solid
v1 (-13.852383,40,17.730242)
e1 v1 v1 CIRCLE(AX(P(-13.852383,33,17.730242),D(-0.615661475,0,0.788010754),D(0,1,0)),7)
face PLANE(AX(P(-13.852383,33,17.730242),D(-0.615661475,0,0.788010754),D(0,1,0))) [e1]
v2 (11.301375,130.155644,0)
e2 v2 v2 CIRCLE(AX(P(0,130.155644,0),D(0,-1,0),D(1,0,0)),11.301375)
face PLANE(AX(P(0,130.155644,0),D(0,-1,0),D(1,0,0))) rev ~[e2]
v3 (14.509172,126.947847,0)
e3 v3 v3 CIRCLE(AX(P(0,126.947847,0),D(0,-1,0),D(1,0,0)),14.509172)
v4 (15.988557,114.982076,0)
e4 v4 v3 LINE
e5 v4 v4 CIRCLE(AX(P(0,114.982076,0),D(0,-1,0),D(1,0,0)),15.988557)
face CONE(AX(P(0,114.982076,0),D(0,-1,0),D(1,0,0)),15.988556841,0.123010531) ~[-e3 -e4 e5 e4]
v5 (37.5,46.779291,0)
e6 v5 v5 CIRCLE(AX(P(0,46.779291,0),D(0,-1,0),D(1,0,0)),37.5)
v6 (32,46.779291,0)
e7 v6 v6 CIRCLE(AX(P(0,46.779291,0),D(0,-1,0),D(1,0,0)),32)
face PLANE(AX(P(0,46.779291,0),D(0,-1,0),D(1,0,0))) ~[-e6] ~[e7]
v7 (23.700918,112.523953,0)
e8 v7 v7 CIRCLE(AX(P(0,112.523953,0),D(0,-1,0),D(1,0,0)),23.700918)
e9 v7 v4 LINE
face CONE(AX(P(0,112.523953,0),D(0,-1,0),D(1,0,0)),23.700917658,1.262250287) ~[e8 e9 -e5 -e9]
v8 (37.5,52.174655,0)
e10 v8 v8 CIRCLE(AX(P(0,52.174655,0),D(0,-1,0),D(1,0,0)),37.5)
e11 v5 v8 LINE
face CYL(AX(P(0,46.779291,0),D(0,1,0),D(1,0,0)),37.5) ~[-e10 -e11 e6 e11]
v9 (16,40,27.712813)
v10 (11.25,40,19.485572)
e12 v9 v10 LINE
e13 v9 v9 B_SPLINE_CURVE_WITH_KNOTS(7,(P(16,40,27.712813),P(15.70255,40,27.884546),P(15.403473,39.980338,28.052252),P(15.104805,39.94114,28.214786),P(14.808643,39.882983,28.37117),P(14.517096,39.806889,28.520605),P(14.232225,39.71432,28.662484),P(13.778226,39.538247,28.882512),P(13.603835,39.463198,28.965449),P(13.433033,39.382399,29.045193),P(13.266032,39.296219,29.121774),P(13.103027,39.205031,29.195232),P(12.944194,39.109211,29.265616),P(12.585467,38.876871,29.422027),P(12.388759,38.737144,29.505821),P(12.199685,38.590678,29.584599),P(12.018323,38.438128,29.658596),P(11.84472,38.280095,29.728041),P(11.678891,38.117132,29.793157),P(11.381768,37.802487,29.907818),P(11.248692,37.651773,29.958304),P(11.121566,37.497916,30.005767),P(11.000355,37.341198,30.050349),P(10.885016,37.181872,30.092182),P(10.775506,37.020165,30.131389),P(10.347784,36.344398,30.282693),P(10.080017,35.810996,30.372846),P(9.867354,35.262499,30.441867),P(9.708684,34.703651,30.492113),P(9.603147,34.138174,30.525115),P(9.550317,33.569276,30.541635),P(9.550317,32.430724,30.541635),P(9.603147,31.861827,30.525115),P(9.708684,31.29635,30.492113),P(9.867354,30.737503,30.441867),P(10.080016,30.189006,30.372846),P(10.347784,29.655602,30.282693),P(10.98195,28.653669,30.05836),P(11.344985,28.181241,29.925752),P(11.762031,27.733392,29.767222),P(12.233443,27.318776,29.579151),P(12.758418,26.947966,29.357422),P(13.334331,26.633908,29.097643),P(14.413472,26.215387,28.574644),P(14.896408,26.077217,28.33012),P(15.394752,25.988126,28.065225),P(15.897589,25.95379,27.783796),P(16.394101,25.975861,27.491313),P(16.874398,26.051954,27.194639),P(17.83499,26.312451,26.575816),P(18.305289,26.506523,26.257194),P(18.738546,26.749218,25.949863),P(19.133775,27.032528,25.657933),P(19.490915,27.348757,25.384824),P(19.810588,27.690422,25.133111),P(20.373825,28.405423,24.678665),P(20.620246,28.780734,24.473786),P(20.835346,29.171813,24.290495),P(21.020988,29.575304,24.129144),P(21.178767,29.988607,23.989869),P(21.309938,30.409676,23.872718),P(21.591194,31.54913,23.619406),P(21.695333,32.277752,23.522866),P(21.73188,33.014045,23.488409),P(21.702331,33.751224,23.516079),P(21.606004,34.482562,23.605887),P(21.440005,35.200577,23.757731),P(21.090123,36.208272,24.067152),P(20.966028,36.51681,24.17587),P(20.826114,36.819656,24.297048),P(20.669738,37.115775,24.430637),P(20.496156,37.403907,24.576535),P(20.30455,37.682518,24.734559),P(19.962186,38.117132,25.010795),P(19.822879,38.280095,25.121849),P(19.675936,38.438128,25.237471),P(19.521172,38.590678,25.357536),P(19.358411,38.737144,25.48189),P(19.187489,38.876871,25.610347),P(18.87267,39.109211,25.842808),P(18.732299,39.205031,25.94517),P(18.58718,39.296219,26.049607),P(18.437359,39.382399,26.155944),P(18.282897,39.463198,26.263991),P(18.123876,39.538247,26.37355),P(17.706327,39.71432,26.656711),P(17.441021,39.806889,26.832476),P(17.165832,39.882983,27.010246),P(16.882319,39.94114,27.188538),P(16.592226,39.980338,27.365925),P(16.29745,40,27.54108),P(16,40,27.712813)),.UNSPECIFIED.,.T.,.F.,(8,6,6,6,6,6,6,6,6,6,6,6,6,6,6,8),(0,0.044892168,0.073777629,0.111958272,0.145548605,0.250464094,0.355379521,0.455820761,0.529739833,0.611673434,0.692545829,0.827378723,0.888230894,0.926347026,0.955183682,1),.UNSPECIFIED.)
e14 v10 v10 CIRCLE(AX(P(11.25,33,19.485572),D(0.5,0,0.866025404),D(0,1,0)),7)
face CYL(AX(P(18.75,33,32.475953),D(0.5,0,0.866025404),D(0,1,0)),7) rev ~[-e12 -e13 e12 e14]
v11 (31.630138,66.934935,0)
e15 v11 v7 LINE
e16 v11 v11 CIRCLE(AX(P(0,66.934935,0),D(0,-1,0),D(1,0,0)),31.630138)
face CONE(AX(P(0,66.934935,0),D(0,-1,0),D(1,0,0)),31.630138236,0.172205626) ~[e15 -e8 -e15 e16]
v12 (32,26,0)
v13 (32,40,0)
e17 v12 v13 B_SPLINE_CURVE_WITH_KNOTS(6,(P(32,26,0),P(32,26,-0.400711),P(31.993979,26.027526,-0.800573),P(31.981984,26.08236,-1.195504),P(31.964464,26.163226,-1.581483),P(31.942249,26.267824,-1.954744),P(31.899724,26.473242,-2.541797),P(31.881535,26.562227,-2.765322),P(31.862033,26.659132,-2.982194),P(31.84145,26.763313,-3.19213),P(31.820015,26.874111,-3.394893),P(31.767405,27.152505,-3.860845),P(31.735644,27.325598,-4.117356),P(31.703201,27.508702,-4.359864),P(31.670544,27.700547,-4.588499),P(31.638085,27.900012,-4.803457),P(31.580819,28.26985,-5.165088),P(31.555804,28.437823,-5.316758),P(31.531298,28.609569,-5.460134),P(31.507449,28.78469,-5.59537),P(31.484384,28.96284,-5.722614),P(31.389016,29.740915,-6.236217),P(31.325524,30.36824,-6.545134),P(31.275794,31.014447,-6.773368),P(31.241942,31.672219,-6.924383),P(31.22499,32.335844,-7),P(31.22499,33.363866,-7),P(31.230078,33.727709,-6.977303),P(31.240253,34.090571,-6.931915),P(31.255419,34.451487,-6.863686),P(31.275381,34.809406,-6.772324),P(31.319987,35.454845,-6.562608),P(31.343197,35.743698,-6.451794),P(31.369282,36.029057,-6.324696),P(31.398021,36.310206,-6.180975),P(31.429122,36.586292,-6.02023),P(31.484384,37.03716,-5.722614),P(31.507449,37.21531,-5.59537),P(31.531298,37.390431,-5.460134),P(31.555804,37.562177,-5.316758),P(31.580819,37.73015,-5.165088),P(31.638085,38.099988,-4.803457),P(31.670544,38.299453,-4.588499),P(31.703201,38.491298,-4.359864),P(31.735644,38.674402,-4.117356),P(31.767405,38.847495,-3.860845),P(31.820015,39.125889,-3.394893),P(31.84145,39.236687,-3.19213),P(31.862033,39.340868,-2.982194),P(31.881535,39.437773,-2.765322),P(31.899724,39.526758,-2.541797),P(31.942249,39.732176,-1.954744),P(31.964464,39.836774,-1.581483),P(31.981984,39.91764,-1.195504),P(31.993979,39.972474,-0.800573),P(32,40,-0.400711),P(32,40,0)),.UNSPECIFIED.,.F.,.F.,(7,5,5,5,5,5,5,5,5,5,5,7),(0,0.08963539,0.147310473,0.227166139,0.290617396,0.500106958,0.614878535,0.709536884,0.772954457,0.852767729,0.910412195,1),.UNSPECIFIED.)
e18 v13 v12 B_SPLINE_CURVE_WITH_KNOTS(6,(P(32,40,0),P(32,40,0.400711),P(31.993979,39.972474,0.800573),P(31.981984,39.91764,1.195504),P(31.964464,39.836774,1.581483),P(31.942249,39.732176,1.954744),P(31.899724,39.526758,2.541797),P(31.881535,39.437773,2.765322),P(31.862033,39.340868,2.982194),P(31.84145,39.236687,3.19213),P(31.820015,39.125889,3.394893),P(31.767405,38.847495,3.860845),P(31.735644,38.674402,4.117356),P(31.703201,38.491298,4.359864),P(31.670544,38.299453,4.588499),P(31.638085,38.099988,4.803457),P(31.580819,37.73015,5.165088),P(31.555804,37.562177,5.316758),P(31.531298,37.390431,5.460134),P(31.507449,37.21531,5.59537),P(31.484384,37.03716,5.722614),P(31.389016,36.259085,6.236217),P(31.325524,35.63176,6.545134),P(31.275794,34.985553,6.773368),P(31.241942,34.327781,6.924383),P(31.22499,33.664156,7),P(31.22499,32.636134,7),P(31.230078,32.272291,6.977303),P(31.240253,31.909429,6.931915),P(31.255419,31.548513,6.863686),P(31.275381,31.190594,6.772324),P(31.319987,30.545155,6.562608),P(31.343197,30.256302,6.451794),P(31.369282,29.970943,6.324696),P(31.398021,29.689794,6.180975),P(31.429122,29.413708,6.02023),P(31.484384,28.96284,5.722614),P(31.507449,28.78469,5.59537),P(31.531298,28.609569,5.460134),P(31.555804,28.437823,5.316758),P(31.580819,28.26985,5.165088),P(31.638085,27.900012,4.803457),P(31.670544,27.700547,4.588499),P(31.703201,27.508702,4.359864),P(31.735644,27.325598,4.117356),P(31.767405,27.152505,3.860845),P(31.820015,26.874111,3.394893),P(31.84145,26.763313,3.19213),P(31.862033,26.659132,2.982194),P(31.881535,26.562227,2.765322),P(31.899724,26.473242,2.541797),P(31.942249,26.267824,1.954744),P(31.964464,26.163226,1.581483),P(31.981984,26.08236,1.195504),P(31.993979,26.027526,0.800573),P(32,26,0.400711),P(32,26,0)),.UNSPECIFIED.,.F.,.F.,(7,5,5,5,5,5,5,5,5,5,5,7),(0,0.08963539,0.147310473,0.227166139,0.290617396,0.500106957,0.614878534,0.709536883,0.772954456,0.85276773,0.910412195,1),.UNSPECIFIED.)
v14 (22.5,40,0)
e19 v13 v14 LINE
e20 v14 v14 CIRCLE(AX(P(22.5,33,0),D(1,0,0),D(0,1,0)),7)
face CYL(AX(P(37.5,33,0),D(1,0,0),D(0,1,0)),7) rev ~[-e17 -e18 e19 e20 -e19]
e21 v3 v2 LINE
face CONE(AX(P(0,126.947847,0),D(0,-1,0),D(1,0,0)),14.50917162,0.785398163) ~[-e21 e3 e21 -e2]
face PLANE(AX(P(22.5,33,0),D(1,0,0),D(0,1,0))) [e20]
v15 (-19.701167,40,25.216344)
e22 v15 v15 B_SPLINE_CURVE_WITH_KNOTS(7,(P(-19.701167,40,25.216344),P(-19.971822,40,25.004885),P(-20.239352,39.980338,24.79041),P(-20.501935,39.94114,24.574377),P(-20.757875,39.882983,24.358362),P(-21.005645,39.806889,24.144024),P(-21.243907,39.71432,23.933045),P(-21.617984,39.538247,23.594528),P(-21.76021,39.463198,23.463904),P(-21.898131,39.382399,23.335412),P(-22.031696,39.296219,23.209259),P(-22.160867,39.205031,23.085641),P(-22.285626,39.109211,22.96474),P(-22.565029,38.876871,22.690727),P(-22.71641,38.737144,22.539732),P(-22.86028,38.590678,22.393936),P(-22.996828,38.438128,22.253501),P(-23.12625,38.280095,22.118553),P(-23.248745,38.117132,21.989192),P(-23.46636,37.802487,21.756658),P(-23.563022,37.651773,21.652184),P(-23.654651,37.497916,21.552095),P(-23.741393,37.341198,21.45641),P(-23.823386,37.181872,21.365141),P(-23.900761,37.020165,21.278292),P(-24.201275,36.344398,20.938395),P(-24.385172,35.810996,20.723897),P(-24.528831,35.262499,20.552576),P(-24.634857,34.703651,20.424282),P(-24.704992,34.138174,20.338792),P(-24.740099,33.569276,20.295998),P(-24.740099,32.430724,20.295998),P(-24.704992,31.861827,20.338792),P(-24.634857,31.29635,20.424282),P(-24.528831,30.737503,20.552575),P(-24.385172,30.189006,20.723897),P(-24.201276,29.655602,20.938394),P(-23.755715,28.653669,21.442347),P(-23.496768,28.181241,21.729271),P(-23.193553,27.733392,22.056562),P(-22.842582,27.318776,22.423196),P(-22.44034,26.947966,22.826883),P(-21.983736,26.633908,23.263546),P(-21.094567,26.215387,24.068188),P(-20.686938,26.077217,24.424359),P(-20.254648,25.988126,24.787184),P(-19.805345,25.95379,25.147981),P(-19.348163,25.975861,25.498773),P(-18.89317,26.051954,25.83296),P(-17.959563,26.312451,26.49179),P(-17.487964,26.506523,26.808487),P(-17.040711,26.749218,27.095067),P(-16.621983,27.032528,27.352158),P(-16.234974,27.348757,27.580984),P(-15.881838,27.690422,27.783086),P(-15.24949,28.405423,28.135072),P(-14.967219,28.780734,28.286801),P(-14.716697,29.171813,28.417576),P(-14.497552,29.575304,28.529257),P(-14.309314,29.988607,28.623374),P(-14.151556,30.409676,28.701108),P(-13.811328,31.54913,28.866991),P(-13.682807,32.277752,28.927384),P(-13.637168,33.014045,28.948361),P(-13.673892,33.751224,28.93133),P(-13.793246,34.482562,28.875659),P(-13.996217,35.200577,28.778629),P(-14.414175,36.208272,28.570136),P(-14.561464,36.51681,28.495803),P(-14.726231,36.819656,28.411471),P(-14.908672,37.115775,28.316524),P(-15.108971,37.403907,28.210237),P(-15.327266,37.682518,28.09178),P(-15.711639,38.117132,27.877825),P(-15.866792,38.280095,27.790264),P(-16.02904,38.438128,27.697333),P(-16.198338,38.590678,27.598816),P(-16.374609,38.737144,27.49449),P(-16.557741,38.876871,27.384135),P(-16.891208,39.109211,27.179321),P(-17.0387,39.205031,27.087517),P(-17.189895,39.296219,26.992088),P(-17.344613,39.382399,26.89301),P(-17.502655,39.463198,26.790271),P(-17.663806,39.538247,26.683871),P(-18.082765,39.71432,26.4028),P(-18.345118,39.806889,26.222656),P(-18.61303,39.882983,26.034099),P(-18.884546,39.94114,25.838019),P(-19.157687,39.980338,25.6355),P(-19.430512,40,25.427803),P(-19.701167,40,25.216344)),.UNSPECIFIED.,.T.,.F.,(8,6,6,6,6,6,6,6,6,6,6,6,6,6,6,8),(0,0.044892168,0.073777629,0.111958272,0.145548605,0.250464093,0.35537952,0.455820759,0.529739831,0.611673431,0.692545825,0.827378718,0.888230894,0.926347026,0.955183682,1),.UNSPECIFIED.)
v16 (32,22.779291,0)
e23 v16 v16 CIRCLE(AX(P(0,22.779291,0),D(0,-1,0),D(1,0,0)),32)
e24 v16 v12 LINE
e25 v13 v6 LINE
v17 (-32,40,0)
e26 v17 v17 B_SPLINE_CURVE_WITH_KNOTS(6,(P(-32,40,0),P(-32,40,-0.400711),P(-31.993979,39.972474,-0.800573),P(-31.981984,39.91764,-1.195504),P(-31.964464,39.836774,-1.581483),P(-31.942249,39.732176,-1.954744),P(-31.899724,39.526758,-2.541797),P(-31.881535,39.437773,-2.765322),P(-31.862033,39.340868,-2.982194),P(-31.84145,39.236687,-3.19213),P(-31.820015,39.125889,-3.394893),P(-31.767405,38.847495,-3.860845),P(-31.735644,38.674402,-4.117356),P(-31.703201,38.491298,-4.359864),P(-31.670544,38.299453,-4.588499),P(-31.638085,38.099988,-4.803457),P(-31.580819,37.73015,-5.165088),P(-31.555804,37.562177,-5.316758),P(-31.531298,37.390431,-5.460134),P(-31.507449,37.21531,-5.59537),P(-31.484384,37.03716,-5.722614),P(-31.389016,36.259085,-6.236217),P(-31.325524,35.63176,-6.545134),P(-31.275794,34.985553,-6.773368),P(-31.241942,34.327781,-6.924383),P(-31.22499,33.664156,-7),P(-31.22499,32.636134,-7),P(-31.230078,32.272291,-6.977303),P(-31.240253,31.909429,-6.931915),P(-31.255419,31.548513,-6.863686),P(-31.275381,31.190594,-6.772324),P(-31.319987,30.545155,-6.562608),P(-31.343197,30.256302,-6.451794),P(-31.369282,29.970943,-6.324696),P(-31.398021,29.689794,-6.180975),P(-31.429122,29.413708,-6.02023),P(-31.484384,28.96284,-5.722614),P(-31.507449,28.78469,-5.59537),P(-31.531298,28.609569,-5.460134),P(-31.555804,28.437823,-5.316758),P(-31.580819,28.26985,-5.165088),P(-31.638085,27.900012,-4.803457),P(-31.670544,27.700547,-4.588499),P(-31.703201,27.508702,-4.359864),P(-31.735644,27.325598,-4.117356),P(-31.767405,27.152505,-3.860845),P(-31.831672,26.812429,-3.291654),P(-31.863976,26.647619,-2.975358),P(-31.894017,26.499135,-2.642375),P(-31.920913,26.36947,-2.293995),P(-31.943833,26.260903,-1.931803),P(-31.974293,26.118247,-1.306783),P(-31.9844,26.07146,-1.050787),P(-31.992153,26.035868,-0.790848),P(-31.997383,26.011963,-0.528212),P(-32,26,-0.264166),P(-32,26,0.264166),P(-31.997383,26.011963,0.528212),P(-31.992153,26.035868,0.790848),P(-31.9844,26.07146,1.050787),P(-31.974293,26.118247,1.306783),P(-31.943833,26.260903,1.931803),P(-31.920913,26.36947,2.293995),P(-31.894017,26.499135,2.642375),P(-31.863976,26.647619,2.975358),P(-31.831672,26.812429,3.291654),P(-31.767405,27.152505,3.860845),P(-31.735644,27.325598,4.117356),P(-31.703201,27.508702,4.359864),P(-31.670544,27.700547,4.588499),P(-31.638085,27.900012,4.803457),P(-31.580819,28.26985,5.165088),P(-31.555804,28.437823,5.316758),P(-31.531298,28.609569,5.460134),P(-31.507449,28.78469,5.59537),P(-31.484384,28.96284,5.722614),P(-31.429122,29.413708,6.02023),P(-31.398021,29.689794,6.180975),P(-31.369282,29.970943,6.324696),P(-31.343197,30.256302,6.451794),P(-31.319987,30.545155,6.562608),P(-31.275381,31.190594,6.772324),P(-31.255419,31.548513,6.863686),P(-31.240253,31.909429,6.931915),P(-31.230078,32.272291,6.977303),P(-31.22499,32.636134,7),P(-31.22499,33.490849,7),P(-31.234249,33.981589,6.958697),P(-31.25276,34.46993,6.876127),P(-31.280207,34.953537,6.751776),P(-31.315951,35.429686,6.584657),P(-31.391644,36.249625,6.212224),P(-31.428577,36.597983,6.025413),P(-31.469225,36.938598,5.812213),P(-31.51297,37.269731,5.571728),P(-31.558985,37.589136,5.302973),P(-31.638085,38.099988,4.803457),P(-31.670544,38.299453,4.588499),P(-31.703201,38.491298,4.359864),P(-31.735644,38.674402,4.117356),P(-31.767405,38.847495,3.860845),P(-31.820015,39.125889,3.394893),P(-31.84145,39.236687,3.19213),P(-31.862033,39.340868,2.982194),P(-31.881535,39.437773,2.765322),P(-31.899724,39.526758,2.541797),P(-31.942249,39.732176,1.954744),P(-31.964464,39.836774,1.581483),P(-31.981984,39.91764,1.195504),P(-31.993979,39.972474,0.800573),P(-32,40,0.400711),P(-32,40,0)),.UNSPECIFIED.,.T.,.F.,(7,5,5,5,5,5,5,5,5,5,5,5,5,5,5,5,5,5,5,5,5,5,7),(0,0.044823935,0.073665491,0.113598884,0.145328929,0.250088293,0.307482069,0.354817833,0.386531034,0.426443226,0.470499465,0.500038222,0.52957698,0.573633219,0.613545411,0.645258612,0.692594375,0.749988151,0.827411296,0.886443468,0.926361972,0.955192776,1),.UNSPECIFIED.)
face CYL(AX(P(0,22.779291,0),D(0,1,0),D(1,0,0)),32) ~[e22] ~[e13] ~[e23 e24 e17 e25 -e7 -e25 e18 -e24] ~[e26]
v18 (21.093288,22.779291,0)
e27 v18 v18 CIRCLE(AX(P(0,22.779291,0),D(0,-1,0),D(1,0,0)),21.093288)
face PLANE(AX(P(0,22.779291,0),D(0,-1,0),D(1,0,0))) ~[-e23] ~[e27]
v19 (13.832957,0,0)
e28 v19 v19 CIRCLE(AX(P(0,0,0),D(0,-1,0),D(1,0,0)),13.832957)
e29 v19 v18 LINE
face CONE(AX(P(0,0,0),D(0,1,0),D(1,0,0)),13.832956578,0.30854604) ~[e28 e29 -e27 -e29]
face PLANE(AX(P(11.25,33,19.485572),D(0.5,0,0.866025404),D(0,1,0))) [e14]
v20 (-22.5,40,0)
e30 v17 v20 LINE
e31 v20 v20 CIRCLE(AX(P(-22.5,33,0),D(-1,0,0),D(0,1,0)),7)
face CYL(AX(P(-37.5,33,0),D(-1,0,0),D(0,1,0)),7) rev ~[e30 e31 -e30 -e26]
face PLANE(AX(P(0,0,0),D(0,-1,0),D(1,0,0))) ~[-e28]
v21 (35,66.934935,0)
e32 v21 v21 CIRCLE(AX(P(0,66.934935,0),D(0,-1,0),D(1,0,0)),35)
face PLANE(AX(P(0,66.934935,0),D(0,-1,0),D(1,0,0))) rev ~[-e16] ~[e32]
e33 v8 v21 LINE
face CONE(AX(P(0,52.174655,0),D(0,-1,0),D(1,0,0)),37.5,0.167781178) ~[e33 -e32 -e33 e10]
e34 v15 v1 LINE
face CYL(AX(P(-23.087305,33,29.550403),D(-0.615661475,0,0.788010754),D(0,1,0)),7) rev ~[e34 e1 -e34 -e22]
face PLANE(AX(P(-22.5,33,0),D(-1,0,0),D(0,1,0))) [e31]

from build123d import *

# Parameters (mm, degrees)
SKETCH_2_R          = 7
CUT_EXTRUDE_1_DEPTH = 15
SKETCH_3_R          = 7
CUT_EXTRUDE_2_DEPTH = 15
SKETCH_4_R          = 7
CUT_EXTRUDE_3_DEPTH = 15
SKETCH_5_R          = 7
CUT_EXTRUDE_4_DEPTH = 15


with BuildPart() as part:
    # Эскиз1 → Повернуть1 (revolve)
    with BuildSketch(Plane.XY):
        Polygon((0, 0), (13.832956578, 0), (21.093288223, 22.779290537), (32, 22.779290537), (32, 46.779290537), (37.5, 46.779290537), (37.5, 52.174655371), (35, 66.934934907), (31.630138236, 66.934934907), (23.700917658, 112.523953152), (15.988556841, 114.982076121), (14.50917162, 126.947847272), (11.301374522, 130.155644371), (0, 130.155644371), align=None)
    revolve(axis=Axis((0, 138.703973398, 0), (0, -1, 0)))

    # Эскиз2 → Вырез-Вытянуть1 (cut)
    with BuildSketch(Plane(origin=(-37.5, 0, 0), x_dir=(0, 1, 0), z_dir=(-1, 0, 0))):
        with Locations((33, 0)):
            Circle(SKETCH_2_R)
    extrude(amount=-CUT_EXTRUDE_1_DEPTH, mode=Mode.SUBTRACT)

    # Эскиз3 → Вырез-Вытянуть2 (cut)
    with BuildSketch(Plane(origin=(18.75, 0, 32.475952642), x_dir=(0, 1, 0), z_dir=(0.5, 0, 0.866025404))):
        with Locations((33, 0)):
            Circle(SKETCH_3_R)
    extrude(amount=-CUT_EXTRUDE_2_DEPTH, mode=Mode.SUBTRACT)

    # Эскиз4 → Вырез-Вытянуть3 (cut)
    with BuildSketch(Plane(origin=(-23.087305325, 0, 29.55040326), x_dir=(0, 1, 0), z_dir=(-0.615661475, 0, 0.788010754))):
        with Locations((33, 0)):
            Circle(SKETCH_4_R)
    extrude(amount=-CUT_EXTRUDE_3_DEPTH, mode=Mode.SUBTRACT)

    # Эскиз5 → Вырез-Вытянуть4 (cut)
    with BuildSketch(Plane.YZ.offset(37.5)):
        with Locations((33, 0)):
            Circle(SKETCH_5_R)
    extrude(amount=-CUT_EXTRUDE_4_DEPTH, mode=Mode.SUBTRACT)


solid = part.part
